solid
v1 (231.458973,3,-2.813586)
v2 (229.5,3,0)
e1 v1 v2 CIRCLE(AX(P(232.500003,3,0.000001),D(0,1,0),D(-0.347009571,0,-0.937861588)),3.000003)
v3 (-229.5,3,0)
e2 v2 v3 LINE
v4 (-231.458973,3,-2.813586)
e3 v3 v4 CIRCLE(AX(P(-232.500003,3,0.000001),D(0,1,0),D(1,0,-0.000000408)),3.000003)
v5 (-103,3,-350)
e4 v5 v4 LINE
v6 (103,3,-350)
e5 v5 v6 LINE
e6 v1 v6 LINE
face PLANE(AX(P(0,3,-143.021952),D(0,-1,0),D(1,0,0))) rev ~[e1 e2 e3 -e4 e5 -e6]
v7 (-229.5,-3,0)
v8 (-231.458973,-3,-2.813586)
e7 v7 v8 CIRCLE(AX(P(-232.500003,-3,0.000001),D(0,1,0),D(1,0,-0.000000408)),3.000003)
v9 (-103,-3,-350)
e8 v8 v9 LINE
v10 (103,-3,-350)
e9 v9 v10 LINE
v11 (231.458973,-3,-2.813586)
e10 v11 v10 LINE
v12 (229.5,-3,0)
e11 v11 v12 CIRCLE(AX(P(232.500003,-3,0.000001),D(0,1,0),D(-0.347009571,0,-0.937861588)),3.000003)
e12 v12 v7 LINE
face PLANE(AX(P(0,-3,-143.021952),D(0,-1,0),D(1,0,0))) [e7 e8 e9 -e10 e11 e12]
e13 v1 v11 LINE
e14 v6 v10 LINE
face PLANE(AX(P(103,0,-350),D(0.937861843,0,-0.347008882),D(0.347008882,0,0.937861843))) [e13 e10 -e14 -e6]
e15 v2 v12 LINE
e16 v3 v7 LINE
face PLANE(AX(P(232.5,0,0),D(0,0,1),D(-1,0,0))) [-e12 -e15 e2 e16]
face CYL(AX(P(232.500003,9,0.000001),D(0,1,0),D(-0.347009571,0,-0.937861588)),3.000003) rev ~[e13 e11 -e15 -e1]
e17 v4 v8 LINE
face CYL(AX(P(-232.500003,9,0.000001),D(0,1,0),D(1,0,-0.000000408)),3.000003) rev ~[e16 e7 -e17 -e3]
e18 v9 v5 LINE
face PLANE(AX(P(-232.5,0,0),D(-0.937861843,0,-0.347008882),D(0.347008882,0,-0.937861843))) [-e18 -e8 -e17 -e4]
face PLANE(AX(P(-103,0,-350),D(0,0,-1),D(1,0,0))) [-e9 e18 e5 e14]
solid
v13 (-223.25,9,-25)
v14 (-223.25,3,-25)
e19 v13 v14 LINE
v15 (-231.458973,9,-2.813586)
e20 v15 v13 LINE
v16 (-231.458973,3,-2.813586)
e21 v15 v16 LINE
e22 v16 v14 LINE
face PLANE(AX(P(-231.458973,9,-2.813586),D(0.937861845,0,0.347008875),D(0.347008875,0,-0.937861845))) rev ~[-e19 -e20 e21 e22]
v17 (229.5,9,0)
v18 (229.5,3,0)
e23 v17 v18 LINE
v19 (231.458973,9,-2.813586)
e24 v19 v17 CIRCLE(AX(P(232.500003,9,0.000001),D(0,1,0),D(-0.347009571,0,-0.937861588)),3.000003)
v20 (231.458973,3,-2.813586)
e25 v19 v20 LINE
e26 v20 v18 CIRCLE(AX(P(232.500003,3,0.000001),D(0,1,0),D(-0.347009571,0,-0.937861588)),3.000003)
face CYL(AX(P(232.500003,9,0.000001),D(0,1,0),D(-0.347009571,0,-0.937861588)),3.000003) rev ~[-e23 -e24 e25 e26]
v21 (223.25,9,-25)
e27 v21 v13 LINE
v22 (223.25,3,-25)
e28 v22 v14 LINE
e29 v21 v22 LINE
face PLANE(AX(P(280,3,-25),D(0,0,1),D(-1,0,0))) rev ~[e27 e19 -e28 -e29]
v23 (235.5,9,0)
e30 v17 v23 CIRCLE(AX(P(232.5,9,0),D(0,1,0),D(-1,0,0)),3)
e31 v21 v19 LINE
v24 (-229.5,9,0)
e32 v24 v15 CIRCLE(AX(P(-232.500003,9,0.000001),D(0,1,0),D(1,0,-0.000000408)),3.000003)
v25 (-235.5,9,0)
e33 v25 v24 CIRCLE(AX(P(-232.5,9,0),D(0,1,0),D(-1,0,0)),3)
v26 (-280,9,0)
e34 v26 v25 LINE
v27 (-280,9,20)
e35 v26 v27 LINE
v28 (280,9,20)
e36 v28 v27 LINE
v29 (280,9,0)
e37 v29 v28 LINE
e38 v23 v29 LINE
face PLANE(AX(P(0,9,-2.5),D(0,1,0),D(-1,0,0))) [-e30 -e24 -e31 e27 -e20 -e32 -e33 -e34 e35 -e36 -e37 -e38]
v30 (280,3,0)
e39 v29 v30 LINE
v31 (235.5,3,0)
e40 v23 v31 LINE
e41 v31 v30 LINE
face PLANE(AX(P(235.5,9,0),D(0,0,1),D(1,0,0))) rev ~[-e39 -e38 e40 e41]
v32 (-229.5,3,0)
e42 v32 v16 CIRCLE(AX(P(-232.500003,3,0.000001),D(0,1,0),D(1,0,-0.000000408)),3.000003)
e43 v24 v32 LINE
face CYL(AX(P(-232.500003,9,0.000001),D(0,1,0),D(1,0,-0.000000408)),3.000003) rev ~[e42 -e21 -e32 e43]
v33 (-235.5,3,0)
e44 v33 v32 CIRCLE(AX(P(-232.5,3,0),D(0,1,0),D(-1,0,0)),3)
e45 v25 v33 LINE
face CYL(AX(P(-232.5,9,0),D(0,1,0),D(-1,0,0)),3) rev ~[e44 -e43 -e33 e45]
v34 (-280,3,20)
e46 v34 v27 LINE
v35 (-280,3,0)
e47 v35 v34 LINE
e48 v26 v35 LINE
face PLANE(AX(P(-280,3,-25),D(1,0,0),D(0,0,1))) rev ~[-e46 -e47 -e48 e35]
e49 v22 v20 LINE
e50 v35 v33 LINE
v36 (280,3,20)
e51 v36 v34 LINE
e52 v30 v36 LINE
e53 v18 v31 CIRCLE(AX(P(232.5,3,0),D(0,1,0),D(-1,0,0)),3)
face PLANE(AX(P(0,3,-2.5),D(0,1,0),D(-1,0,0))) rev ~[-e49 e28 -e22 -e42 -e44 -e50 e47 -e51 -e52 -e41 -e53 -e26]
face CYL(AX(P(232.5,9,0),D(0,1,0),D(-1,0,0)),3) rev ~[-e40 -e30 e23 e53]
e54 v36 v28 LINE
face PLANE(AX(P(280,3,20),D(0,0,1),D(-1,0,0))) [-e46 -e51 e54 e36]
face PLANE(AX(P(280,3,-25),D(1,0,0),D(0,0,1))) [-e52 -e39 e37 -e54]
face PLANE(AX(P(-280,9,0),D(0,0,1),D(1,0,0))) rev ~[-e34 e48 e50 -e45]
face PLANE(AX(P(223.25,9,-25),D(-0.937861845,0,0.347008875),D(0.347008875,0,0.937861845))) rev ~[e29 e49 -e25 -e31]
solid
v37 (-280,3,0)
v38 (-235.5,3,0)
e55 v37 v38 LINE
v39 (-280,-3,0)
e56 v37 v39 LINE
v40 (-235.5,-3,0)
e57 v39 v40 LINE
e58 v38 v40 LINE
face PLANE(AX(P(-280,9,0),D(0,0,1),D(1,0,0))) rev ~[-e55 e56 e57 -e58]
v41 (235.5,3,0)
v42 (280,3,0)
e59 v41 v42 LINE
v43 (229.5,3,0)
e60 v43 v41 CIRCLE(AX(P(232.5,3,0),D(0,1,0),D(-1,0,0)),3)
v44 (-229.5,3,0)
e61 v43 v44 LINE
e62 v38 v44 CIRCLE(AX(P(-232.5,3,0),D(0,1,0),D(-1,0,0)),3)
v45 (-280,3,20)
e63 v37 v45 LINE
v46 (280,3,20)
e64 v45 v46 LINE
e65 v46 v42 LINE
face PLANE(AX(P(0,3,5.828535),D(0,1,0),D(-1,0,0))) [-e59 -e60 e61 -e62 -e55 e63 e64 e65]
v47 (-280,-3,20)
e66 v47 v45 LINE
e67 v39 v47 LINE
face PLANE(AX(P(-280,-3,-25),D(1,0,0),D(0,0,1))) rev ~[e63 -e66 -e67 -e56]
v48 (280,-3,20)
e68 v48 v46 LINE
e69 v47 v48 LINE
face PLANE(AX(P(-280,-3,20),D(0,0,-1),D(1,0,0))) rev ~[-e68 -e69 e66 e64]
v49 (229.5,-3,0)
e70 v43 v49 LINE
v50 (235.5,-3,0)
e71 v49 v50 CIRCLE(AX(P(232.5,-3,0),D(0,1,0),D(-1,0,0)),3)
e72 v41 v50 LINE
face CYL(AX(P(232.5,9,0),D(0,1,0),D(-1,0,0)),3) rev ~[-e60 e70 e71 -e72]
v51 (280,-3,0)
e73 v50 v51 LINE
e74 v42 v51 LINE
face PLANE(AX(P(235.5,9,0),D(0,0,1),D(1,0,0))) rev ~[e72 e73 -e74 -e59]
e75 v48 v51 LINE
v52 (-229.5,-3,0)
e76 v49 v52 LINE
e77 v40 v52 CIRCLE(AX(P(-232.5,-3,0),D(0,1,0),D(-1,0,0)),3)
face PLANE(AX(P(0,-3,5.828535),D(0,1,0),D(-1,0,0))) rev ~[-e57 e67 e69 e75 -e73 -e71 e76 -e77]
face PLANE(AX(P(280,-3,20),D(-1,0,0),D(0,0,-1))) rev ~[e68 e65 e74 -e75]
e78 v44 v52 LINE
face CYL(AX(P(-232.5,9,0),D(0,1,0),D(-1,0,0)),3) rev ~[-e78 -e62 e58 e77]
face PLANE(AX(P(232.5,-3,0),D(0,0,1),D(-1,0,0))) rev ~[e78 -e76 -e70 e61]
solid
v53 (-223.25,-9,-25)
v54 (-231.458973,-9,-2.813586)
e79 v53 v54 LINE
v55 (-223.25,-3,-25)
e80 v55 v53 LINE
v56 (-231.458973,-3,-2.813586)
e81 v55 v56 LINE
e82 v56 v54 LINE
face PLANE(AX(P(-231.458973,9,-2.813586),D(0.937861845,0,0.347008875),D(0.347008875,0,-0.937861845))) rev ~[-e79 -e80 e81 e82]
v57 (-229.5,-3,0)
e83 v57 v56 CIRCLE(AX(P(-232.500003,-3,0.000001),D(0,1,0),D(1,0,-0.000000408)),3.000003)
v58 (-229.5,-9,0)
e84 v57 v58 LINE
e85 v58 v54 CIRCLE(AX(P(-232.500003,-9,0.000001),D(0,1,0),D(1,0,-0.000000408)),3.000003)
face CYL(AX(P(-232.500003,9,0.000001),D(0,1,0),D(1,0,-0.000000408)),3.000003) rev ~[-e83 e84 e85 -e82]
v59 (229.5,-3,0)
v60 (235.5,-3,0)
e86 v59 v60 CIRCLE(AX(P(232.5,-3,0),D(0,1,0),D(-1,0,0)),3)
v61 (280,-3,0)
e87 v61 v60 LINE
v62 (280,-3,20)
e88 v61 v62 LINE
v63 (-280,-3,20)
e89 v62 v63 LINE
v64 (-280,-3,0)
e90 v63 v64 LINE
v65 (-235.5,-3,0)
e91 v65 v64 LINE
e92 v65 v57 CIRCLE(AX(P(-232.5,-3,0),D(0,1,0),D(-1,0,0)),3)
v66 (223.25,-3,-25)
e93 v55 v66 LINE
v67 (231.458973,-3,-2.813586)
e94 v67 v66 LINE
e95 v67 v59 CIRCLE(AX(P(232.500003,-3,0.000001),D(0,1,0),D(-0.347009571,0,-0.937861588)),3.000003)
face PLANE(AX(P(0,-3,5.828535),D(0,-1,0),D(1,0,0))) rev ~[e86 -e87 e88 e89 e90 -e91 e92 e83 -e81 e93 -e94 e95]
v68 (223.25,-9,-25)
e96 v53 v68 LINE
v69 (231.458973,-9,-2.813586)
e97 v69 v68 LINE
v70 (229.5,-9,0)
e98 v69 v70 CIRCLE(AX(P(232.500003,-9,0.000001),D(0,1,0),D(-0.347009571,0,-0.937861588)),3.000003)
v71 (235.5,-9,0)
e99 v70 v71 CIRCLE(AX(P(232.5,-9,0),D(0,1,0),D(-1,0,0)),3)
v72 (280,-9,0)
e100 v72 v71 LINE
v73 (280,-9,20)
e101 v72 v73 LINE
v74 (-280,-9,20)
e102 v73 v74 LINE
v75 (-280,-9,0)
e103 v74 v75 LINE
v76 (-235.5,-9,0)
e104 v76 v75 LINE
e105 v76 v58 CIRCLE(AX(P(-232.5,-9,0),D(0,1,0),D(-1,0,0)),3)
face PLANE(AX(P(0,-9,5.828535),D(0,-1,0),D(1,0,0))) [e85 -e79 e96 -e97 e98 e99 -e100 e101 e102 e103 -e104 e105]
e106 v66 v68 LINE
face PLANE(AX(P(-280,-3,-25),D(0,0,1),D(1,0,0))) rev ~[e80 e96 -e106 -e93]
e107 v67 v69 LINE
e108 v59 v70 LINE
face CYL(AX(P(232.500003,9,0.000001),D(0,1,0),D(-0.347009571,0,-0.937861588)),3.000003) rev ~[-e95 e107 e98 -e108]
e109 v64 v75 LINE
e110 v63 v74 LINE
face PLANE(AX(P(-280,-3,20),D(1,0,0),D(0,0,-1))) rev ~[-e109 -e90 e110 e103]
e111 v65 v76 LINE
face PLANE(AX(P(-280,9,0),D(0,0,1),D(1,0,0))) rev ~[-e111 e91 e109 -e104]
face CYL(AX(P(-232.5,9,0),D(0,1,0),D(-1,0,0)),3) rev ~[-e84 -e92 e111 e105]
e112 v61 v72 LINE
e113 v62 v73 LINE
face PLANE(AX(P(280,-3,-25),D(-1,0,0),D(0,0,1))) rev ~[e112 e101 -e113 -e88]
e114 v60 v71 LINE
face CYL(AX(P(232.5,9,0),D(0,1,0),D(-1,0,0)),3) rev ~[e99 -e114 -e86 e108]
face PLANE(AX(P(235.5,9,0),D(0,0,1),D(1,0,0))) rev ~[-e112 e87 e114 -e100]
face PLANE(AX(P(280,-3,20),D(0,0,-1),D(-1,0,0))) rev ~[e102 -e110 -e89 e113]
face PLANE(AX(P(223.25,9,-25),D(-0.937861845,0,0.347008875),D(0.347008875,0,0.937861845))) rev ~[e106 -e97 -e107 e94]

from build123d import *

# Parameters (mm, degrees)
F1_DEPTH = 3
F3_DEPTH = 6
F4_W     = 560
F4_H     = 45
F5_DEPTH = 6
F7_DEPTH = 6
F9_DEPTH = 18.001


with BuildPart() as f1:
    # F0 (on Front) → F1 (new body, symmetric)
    with BuildSketch(Plane.XZ):
        Polygon((-103, -350), (0, -350), (103, -350), (232.5, 0), (-232.5, 0), align=None)
    extrude(amount=F1_DEPTH, both=True)


with BuildPart() as f3:
    # F2 (on face) → F3 (new body)
    with BuildSketch(Plane.XZ.offset(3)):
        Polygon((-280, 20), (-280, -25), (-223.25, -25), (-232.5, 0), (232.5, 0), (223.25, -25), (280, -25), (280, 20), align=None)
        Polygon((-232.5, 0), (-223.25, -25), (223.25, -25), (232.5, 0), align=None)
    extrude(amount=F3_DEPTH)


with BuildPart() as f5:
    # F4 (on face) → F5 (new body)
    with BuildSketch(Plane(origin=(0, 3, 0), x_dir=(-1, 0, 0), z_dir=(0, 1, 0))):
        with Locations((0, -2.5)):
            Rectangle(F4_W, F4_H)
    extrude(amount=F5_DEPTH)


with BuildPart() as f7:
    # F6 (on face) → F7 (new body)
    with BuildSketch(Plane(origin=(0, -3, 0), x_dir=(-1, 0, 0), z_dir=(0, 1, 0))):
        Polygon((-280, 20), (-280, -25), (-223.25, -25), (-232.5, 0), (232.5, 0), (223.25, -25), (280, -25), (280, 20), align=None)
    extrude(amount=F7_DEPTH)


with BuildPart() as f9_tool:
    # F8 (on face) → F9 (new body, through all)
    with BuildSketch(Plane(origin=(0, 9, 0), x_dir=(-1, 0, 0), z_dir=(0, 1, 0))):
        with BuildLine():
            ThreePointArc((-231.458973, -2.813586), (-234.214194, -2.462019), (-235.5, 0))
            Line((-235.5, 0), (-280, 0))
            Line((-280, 0), (-280, -25))
            Line((-280, -25), (-223.279387, -25))
            Line((-223.279387, -25), (-223.25, -25))
            Line((-223.25, -25), (-231.458973, -2.813586))
        make_face()
        with BuildLine():
            Line((231.458973, -2.813586), (223.25, -25))
            Line((223.25, -25), (223.279387, -25))
            Line((223.279387, -25), (280, -25))
            Line((280, -25), (280, 0))
            Line((280, 0), (235.5, 0))
            ThreePointArc((235.5, 0), (234.214194, -2.462019), (231.458973, -2.813586))
        make_face()
        with BuildLine():
            Line((-229.5, 0), (-232.5, 0))
            Line((-232.5, 0), (-231.458973, -2.813586))
            ThreePointArc((-231.458973, -2.813586), (-230.037981, -1.714194), (-229.5, 0))
        make_face()
        with BuildLine():
            Line((-231.458973, -2.813586), (-232.5, 0))
            Line((-232.5, 0), (-235.5, 0))
            ThreePointArc((-235.5, 0), (-234.214194, -2.462019), (-231.458973, -2.813586))
        make_face()
        with BuildLine():
            Line((-235.5, 0), (-232.5, 0))
            Line((-232.5, 0), (-229.5, 0))
            ThreePointArc((-229.5, 0), (-232.5, 3), (-235.5, 0))
        make_face()
        with BuildLine():
            ThreePointArc((229.5, 0), (230.037981, -1.714194), (231.458973, -2.813586))
            Line((231.458973, -2.813586), (232.5, 0))
            Line((232.5, 0), (229.5, 0))
        make_face()
        with BuildLine():
            Line((229.5, 0), (232.5, 0))
            Line((232.5, 0), (235.5, 0))
            ThreePointArc((235.5, 0), (232.5, 3), (229.5, 0))
        make_face()
        with BuildLine():
            Line((232.5, 0), (231.458973, -2.813586))
            ThreePointArc((231.458973, -2.813586), (234.214194, -2.462019), (235.5, 0))
            Line((235.5, 0), (232.5, 0))
        make_face()
    extrude(amount=-F9_DEPTH)


with BuildPart() as f1_1:
    add(f1.part)

    # F9: cut by f9_tool
    add(f9_tool.part, mode=Mode.SUBTRACT)


with BuildPart() as f3_1:
    add(f3.part)

    # F9: cut by f9_tool
    add(f9_tool.part, mode=Mode.SUBTRACT)


with BuildPart() as f5_1:
    add(f5.part)

    # F9: cut by f9_tool
    add(f9_tool.part, mode=Mode.SUBTRACT)


with BuildPart() as f7_1:
    add(f7.part)

    # F9: cut by f9_tool
    add(f9_tool.part, mode=Mode.SUBTRACT)


solid = Compound([f1_1.part, f3_1.part, f5_1.part, f7_1.part])
